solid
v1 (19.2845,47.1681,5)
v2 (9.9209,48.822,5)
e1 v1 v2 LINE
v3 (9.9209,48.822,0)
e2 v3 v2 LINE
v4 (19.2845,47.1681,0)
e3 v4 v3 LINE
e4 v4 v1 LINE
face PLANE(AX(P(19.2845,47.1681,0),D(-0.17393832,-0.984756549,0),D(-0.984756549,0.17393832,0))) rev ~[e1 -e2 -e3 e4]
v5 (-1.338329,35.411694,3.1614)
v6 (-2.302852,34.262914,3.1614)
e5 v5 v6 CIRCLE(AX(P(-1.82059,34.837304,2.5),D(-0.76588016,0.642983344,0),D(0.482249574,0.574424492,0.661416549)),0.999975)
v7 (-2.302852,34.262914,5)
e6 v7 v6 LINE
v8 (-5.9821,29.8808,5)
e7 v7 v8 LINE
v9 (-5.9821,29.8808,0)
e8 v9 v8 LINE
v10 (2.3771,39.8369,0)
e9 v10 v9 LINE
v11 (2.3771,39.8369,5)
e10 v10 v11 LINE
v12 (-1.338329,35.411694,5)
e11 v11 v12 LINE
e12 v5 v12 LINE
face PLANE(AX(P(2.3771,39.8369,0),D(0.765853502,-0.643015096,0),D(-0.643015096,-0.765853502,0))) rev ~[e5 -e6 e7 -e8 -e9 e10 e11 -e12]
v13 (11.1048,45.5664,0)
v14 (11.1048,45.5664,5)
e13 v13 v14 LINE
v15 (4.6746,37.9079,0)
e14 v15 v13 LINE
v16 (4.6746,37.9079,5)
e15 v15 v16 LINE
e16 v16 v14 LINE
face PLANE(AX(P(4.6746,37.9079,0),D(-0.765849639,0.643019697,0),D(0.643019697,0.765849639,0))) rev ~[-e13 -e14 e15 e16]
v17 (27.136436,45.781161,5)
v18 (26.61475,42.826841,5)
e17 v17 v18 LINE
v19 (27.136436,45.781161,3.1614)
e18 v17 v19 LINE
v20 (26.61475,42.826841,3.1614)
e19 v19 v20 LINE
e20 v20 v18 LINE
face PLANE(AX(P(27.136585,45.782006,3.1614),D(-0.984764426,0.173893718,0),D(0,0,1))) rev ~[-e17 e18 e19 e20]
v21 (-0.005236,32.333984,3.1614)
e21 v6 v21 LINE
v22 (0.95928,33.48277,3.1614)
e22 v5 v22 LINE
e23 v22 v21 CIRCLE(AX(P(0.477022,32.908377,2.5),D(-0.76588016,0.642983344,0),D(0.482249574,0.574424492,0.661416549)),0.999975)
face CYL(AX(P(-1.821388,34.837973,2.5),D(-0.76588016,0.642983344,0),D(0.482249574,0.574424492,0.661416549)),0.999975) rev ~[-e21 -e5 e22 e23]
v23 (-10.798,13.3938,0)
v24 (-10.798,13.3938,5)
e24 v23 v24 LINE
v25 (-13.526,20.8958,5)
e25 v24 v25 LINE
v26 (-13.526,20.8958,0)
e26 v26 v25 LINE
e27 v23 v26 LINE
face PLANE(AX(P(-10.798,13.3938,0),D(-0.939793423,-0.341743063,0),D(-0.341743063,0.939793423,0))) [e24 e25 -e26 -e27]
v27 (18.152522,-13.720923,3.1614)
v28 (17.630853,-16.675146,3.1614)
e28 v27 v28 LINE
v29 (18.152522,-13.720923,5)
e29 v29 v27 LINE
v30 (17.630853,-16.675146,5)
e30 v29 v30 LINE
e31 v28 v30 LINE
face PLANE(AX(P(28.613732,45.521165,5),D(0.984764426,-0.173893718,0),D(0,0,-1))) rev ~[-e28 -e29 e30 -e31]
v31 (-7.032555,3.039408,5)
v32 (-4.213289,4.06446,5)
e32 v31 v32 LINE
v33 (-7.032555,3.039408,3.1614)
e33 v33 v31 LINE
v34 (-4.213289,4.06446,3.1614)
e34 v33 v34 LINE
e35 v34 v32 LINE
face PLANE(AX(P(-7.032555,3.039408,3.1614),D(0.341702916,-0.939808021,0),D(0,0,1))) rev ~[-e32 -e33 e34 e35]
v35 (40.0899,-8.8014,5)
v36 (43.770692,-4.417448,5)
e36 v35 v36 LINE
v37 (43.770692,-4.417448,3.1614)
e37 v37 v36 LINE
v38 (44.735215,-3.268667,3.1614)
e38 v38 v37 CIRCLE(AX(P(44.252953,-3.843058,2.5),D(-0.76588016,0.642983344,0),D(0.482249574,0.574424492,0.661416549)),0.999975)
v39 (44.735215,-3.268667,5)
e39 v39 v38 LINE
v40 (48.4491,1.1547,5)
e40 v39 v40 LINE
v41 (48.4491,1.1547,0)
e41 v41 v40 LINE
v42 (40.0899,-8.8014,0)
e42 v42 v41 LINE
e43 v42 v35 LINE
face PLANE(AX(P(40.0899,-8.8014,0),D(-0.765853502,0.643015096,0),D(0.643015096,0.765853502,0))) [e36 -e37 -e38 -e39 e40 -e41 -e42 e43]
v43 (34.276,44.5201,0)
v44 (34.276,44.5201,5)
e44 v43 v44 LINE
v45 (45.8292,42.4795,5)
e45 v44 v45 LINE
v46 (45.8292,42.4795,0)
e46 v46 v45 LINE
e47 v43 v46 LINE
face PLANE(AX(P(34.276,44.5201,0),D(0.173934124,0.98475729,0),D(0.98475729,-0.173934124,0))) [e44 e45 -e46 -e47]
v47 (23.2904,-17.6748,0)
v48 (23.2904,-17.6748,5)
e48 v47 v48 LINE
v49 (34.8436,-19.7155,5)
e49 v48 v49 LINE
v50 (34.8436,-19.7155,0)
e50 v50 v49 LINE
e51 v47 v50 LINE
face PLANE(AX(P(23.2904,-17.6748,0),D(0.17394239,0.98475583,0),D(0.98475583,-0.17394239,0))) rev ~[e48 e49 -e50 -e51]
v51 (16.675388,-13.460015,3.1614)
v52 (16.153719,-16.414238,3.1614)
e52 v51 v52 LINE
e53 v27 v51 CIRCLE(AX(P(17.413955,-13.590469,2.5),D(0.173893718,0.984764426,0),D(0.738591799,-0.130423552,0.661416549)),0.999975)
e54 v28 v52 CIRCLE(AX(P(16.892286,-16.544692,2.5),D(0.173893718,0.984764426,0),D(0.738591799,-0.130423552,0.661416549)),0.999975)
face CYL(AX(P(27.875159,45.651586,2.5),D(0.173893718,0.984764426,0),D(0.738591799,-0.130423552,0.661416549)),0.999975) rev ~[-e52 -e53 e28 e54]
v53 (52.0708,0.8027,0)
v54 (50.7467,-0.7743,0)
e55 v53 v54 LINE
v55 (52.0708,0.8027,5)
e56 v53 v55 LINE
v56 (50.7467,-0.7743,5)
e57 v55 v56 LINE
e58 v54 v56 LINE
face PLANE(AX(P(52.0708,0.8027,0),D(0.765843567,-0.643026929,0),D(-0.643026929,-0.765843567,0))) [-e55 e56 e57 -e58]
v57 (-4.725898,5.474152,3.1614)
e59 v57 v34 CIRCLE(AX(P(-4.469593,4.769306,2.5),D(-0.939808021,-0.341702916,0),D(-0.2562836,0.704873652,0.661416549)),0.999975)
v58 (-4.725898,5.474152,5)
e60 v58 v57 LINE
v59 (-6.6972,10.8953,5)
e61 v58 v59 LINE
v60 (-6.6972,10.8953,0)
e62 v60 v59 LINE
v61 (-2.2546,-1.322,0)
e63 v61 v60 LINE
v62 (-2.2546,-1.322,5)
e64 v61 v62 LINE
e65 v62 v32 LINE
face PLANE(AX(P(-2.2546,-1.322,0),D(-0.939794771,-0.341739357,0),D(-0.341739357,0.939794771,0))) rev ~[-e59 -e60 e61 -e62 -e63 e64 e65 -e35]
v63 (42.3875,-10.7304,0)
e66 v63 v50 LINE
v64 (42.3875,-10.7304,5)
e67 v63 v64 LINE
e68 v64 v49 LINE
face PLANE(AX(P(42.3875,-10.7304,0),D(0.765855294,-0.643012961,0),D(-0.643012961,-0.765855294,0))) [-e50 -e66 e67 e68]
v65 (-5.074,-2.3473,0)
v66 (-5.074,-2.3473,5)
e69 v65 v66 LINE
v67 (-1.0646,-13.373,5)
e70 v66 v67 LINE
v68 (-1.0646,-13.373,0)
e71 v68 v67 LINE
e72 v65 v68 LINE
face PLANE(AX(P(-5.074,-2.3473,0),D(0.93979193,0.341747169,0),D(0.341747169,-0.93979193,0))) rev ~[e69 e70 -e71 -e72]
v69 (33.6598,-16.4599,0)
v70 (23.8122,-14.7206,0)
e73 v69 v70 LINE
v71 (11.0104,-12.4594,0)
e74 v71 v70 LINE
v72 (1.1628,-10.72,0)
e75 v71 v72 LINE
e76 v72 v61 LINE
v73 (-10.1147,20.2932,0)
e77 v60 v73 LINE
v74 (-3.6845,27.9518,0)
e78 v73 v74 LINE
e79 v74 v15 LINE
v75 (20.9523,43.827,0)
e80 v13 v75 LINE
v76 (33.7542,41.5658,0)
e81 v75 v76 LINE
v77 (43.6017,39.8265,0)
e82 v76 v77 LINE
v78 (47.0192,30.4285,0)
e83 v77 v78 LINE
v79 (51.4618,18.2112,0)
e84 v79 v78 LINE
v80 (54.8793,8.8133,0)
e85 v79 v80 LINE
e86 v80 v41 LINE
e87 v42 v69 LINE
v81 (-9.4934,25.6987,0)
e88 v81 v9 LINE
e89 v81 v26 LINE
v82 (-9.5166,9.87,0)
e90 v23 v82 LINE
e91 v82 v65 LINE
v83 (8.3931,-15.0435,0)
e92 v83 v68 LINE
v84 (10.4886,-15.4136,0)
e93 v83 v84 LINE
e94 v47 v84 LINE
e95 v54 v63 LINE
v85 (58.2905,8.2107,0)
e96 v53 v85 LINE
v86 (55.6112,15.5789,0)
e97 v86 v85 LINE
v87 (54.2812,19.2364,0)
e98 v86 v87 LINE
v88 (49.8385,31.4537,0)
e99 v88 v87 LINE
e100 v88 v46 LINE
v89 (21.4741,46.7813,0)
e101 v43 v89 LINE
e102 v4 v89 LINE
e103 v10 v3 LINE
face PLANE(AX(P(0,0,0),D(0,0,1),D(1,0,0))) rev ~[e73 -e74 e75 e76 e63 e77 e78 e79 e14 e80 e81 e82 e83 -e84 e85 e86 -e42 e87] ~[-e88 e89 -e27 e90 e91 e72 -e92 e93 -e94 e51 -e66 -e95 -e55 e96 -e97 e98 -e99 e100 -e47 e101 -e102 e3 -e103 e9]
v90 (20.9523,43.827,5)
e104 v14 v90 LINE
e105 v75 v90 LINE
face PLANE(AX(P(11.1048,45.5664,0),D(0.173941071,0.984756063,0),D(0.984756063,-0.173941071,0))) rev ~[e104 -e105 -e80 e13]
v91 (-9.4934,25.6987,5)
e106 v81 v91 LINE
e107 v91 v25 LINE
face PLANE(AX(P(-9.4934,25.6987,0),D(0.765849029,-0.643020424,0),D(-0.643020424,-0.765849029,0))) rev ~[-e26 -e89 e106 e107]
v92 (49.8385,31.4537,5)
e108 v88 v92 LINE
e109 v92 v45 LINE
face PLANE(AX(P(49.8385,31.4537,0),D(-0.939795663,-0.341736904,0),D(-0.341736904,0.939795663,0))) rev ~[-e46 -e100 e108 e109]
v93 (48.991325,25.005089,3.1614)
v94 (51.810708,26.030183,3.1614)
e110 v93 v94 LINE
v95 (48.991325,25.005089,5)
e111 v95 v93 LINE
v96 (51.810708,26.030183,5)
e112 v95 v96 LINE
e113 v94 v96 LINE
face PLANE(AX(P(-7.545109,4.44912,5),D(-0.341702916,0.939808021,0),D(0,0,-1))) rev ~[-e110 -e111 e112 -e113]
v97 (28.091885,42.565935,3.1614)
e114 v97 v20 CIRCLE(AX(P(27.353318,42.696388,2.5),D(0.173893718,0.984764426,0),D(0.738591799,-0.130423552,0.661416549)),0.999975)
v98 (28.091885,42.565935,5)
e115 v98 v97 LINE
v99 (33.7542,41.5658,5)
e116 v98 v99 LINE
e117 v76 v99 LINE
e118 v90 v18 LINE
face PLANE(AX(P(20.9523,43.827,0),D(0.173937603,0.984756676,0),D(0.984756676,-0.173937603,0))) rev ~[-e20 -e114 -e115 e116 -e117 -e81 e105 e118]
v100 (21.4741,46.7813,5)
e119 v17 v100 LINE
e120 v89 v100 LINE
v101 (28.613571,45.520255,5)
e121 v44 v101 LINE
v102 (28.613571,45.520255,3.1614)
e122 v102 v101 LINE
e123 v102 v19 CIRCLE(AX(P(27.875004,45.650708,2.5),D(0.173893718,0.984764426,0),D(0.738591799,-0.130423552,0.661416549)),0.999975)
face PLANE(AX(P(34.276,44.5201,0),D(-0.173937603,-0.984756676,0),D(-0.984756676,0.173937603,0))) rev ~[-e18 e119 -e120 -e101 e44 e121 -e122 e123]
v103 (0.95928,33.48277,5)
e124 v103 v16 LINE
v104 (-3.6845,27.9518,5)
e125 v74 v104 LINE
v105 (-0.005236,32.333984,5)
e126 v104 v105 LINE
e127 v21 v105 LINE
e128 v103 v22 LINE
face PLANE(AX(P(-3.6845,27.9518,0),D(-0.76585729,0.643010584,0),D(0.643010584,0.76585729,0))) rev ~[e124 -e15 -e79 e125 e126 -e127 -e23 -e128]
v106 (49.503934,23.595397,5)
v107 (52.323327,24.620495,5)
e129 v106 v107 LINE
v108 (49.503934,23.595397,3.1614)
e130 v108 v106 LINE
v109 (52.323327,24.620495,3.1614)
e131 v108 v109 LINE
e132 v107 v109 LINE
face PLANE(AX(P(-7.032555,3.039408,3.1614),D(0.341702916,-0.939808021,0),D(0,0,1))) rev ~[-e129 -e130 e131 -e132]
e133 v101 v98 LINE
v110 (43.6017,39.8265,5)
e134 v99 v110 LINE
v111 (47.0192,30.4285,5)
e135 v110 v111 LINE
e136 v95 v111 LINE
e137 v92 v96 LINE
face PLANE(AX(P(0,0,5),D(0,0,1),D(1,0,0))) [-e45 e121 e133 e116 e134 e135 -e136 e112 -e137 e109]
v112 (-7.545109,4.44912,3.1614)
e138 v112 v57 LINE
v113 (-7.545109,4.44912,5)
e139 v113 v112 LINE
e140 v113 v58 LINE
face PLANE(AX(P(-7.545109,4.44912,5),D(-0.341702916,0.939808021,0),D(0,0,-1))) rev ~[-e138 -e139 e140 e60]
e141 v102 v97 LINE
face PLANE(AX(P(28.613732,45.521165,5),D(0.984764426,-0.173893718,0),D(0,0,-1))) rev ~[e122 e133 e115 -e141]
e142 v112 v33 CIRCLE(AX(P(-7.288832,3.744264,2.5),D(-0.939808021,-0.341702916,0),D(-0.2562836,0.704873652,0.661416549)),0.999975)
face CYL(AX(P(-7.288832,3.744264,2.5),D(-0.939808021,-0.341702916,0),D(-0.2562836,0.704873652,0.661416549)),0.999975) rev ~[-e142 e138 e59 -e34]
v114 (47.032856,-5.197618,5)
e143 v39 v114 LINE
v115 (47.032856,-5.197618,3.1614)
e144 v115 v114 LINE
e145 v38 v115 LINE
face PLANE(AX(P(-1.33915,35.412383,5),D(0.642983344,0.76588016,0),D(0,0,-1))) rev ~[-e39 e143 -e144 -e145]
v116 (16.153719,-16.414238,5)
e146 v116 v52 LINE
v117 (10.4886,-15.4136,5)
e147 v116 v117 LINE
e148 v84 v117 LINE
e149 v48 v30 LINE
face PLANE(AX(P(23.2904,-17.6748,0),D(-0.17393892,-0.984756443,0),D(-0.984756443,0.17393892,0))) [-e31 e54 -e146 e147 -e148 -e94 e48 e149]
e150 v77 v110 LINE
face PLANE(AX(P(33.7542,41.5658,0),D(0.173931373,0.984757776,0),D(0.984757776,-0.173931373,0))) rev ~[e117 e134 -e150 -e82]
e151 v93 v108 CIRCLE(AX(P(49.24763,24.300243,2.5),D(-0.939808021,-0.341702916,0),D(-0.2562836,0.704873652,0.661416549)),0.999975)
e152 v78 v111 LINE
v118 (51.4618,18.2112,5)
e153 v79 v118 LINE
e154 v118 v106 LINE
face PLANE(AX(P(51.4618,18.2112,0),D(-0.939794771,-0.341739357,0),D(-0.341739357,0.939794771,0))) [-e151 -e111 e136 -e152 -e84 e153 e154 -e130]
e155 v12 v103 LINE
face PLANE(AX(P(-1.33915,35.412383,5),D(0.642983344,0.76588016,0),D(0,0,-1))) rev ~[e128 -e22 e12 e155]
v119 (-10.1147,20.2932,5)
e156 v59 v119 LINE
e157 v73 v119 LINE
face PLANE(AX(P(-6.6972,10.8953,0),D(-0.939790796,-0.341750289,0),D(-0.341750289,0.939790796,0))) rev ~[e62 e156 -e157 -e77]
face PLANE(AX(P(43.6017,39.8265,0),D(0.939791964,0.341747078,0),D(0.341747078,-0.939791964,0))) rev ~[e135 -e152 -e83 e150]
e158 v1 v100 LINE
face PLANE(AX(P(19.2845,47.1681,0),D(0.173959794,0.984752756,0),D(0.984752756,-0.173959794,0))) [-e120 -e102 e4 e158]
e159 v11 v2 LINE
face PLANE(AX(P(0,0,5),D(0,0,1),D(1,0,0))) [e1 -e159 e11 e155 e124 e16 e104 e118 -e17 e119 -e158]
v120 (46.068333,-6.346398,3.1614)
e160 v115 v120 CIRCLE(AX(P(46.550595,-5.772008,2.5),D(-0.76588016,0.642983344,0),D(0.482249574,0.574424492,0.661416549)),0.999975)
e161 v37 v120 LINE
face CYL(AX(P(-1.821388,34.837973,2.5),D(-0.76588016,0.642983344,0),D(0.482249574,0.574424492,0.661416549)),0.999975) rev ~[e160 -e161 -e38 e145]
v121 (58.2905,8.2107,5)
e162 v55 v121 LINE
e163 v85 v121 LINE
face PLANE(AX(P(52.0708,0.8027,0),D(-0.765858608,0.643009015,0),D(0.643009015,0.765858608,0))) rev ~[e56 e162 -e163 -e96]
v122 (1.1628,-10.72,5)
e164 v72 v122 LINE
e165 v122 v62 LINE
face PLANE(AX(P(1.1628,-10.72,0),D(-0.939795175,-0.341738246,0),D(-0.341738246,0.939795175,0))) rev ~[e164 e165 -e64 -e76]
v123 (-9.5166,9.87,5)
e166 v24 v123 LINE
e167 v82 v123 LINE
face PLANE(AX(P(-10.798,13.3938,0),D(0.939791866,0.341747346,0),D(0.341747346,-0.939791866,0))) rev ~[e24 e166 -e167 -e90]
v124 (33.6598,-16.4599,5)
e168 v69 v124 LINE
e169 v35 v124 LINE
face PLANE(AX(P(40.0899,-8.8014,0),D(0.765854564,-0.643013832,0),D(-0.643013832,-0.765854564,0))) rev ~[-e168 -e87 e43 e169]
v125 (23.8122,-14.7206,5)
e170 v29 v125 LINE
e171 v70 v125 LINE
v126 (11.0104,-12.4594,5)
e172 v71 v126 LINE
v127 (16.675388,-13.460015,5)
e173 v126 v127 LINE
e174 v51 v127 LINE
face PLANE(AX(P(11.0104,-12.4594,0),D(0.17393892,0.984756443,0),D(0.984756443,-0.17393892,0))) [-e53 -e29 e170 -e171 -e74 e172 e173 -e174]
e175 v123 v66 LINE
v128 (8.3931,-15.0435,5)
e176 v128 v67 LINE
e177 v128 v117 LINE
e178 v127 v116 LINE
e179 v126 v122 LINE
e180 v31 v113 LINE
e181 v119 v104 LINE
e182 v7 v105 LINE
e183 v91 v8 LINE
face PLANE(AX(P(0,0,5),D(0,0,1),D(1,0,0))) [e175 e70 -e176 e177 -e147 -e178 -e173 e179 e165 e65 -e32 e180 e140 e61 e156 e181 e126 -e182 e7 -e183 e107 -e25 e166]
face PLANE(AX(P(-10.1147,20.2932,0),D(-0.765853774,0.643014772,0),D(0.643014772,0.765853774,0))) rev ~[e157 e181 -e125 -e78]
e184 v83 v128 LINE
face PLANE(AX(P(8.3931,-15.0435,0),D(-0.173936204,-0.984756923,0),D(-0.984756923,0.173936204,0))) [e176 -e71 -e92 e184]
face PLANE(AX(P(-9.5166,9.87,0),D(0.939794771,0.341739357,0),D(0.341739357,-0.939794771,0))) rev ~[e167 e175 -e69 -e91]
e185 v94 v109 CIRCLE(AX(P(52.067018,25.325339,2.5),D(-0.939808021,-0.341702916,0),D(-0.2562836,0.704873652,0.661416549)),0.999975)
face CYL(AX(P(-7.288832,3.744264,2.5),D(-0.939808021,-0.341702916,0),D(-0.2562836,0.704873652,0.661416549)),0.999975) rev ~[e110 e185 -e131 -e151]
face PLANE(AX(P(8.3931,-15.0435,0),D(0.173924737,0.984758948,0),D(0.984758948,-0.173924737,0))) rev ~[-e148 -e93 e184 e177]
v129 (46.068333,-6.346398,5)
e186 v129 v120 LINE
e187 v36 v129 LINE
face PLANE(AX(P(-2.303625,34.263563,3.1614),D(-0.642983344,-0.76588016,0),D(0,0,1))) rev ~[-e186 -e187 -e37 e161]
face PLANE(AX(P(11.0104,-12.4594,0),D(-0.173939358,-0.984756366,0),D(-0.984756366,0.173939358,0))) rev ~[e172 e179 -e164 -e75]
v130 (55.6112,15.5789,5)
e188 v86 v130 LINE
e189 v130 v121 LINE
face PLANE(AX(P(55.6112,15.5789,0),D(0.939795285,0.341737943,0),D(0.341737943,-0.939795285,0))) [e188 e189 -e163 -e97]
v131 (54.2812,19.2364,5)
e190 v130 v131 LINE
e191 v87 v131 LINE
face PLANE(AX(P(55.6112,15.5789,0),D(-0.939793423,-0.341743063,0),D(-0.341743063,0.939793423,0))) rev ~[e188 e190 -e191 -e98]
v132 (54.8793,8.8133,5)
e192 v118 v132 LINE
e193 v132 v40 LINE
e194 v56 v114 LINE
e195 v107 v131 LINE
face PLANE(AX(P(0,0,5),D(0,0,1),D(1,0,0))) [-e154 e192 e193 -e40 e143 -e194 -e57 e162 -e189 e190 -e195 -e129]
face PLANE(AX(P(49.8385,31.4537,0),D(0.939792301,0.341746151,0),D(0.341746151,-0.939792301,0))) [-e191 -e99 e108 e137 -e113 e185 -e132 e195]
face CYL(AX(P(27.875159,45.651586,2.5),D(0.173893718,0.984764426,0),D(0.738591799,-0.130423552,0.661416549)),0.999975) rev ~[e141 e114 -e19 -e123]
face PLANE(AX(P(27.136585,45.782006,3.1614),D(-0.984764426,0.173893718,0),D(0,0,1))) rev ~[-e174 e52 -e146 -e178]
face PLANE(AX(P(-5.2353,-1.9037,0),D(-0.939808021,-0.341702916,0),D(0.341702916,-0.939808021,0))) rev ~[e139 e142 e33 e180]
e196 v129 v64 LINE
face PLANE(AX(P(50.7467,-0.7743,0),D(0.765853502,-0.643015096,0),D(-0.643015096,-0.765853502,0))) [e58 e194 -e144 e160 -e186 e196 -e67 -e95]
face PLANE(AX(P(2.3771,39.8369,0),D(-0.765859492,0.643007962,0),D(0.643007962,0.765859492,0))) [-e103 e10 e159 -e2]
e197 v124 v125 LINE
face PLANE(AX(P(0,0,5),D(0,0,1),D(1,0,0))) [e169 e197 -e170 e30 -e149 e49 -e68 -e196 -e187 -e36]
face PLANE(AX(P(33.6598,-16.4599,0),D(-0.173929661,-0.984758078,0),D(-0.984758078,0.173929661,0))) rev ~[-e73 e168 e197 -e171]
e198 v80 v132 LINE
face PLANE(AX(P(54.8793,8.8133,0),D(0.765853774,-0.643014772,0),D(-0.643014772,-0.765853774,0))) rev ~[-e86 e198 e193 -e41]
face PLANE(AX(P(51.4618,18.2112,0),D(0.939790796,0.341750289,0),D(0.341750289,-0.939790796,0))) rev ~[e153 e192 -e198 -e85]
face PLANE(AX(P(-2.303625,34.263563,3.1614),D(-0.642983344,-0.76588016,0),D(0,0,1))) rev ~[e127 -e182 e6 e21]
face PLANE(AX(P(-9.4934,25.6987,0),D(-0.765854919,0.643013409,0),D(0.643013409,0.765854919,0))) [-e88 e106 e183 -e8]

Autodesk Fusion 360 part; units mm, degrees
sketch "Sketch1" plane through (0, 0, 0) normal (0, 0, 1) x (1, 0, 0)
  line L0 (-10.798, 13.3938) -> (-13.526, 20.8958)
  line L1 (-9.4934, 25.6987) -> (-13.526, 20.8958)
  line L2 (19.2845, 47.1681) -> (9.9209, 48.822)
  line L3 (55.6112, 15.5789) -> (58.2905, 8.2107)
  line L4 (52.0708, 0.8027) -> (58.2905, 8.2107)
  line L5 (8.3931, -15.0435) -> (-1.0646, -13.373)
  line L6 (-10.798, 13.3938) -> (-9.5166, 9.87)
  line L7 (-5.074, -2.3473) -> (-1.0646, -13.373)
  line L8 (1.1628, -10.72) -> (-2.2546, -1.322)
  line L9 (-6.6972, 10.8953) -> (-10.1147, 20.2932)
  line L10 (33.6598, -16.4599) -> (23.8122, -14.7206)
  line L11 (11.0104, -12.4594) -> (1.1628, -10.72)
  line L12 (8.3931, -15.0435) -> (10.4886, -15.4136)
  line L13 (23.2904, -17.6748) -> (34.8436, -19.7155)
  line L14 (54.8793, 8.8133) -> (48.4491, 1.1547)
  line L15 (40.0899, -8.8014) -> (33.6598, -16.4599)
  line L16 (52.0708, 0.8027) -> (50.7467, -0.7743)
  line L17 (42.3875, -10.7304) -> (34.8436, -19.7155)
  line L18 (43.6017, 39.8265) -> (47.0192, 30.4285)
  line L19 (51.4618, 18.2112) -> (54.8793, 8.8133)
  line L20 (55.6112, 15.5789) -> (54.2812, 19.2364)
  line L21 (49.8385, 31.4537) -> (45.8292, 42.4795)
  line L22 (11.1048, 45.5664) -> (20.9523, 43.827)
  line L23 (33.7542, 41.5658) -> (43.6017, 39.8265)
  line L24 (19.2845, 47.1681) -> (21.4741, 46.7813)
  line L25 (34.276, 44.5201) -> (45.8292, 42.4795)
  line L26 (-10.1147, 20.2932) -> (-3.6845, 27.9518)
  line L27 (4.6746, 37.9079) -> (11.1048, 45.5664)
  line L28 (-9.4934, 25.6987) -> (-5.9821, 29.8808)
  line L29 (2.3771, 39.8369) -> (9.9209, 48.822)
  line L30 (50.7467, -0.7743) -> (42.3875, -10.7304)
  line L31 (40.0899, -8.8014) -> (48.4491, 1.1547)
  line L32 (23.2904, -17.6748) -> (10.4886, -15.4136)
  line L33 (11.0104, -12.4594) -> (23.8122, -14.7206)
  line L34 (-2.2546, -1.322) -> (-6.6972, 10.8953)
  line L35 (-9.5166, 9.87) -> (-5.074, -2.3473)
  line L36 (-3.6845, 27.9518) -> (4.6746, 37.9079)
  line L37 (2.3771, 39.8369) -> (-5.9821, 29.8808)
  line L38 (20.9523, 43.827) -> (33.7542, 41.5658)
  line L39 (34.276, 44.5201) -> (21.4741, 46.7813)
  line L40 (49.8385, 31.4537) -> (54.2812, 19.2364)
  line L41 (51.4618, 18.2112) -> (47.0192, 30.4285)
extrude "Extrude1" add sketch "Sketch1" along normal blind 5
sketch "Sketch2" plane through (8.6627, 49.0442, 0) normal (0.1739, 0.9848, 0) x (-0.9848, 0.1739, 0)
  line L0 (-37.7418, 0) -> (-1.2777, 0)
  line L1 (-1.2777, 0) -> (-1.2777, 5)
  line L2 (-1.2777, 5) -> (-37.7418, 5)
  line L3 (-37.7418, 5) -> (-37.7418, 0)
  line L4 (-20.2597, 5) -> (-20.2597, 3.1614)
  line L5 (-18.7597, 3.1614) -> (-18.7597, 5)
  arc A0 (-20.2597, 3.1614) -> (-18.7597, 3.1614) centre (-19.5097, 2.5) ccw
  arc A1 (-19.3816, 3.4918) -> (-19.5097, 3.5) centre (-19.5097, 2.5) ccw
  line L6 (-20.2597, 5) -> (-18.7597, 5)
  arc A2 (-20.2597, 3.1614) -> (-18.7597, 3.1614) centre (-19.5097, 2.5) ccw
  line L7 (-18.7597, 3.1614) -> (-18.7597, 5)
  line L8 (-20.2597, 5) -> (-20.2597, 3.1614)
  line L9 (-20.2597, 5) -> (-18.7597, 5)
  arc A3 (-20.2597, 3.1614) -> (-18.7597, 3.1614) centre (-19.5097, 2.5) ccw
  line L10 (-18.7597, 3.1614) -> (-18.7597, 5)
  line L11 (-20.2597, 5) -> (-20.2597, 3.1614)
  line L12 (-20.2597, 5) -> (-18.7597, 5)
  point P0 (-19.5097, 2.5)
  dimension "d30" = 2
  dimension "d34" = 2
  dimension "d35" = 2
sketch "Sketch3" plane through (-18.2237, 15.3006, 0) normal (-0.7659, 0.643, 0) x (-0.643, -0.7659, 0)
  line L0 (-43.7698, 0) -> (-7.3057, 0)
  line L1 (-7.3057, 0) -> (-7.3057, 5)
  line L2 (-7.3057, 5) -> (-43.7698, 5)
  line L3 (-43.7698, 5) -> (-43.7698, 0)
  arc A0 (-26.2597, 3.1614) -> (-24.7597, 3.1614) centre (-25.5097, 2.5) ccw
  line L4 (-24.7597, 3.1614) -> (-24.7597, 5)
  line L5 (-26.2597, 5) -> (-26.2597, 3.1614)
  line L6 (-26.2597, 5) -> (-24.7597, 5)
  dimension "d36" = 2
sketch "Sketch4" plane through (-5.2353, -1.9037, 0) normal (-0.9398, -0.3417, 0) x (0.3417, -0.9398, 0)
  line L0 (-24.2601, 0) -> (12.204, 0)
  line L1 (12.204, 0) -> (12.204, 5)
  line L2 (12.204, 5) -> (-24.2601, 5)
  line L3 (-24.2601, 5) -> (-24.2601, 0)
  arc A0 (-6.7597, 3.1614) -> (-5.2597, 3.1614) centre (-6.0097, 2.5) ccw
  line L4 (-5.2597, 3.1614) -> (-5.2597, 5)
  line L5 (-6.7597, 5) -> (-6.7597, 3.1614)
  line L6 (-6.7597, 5) -> (-5.2597, 5)
  dimension "d39" = 2
extrude "Extrude5" cut sketch "Sketch2" against normal blind 69 contours L2 L4 L5 A0 L6 A2 L7 L8 L9 A3 L10 L11 L12
extrude "Extrude6" cut sketch "Sketch3" against normal blind 67 contours L2 A0 L4 L5 L6
extrude "Extrude7" cut sketch "Sketch4" against normal blind 67 contours L2 A0 L4 L5 L6
